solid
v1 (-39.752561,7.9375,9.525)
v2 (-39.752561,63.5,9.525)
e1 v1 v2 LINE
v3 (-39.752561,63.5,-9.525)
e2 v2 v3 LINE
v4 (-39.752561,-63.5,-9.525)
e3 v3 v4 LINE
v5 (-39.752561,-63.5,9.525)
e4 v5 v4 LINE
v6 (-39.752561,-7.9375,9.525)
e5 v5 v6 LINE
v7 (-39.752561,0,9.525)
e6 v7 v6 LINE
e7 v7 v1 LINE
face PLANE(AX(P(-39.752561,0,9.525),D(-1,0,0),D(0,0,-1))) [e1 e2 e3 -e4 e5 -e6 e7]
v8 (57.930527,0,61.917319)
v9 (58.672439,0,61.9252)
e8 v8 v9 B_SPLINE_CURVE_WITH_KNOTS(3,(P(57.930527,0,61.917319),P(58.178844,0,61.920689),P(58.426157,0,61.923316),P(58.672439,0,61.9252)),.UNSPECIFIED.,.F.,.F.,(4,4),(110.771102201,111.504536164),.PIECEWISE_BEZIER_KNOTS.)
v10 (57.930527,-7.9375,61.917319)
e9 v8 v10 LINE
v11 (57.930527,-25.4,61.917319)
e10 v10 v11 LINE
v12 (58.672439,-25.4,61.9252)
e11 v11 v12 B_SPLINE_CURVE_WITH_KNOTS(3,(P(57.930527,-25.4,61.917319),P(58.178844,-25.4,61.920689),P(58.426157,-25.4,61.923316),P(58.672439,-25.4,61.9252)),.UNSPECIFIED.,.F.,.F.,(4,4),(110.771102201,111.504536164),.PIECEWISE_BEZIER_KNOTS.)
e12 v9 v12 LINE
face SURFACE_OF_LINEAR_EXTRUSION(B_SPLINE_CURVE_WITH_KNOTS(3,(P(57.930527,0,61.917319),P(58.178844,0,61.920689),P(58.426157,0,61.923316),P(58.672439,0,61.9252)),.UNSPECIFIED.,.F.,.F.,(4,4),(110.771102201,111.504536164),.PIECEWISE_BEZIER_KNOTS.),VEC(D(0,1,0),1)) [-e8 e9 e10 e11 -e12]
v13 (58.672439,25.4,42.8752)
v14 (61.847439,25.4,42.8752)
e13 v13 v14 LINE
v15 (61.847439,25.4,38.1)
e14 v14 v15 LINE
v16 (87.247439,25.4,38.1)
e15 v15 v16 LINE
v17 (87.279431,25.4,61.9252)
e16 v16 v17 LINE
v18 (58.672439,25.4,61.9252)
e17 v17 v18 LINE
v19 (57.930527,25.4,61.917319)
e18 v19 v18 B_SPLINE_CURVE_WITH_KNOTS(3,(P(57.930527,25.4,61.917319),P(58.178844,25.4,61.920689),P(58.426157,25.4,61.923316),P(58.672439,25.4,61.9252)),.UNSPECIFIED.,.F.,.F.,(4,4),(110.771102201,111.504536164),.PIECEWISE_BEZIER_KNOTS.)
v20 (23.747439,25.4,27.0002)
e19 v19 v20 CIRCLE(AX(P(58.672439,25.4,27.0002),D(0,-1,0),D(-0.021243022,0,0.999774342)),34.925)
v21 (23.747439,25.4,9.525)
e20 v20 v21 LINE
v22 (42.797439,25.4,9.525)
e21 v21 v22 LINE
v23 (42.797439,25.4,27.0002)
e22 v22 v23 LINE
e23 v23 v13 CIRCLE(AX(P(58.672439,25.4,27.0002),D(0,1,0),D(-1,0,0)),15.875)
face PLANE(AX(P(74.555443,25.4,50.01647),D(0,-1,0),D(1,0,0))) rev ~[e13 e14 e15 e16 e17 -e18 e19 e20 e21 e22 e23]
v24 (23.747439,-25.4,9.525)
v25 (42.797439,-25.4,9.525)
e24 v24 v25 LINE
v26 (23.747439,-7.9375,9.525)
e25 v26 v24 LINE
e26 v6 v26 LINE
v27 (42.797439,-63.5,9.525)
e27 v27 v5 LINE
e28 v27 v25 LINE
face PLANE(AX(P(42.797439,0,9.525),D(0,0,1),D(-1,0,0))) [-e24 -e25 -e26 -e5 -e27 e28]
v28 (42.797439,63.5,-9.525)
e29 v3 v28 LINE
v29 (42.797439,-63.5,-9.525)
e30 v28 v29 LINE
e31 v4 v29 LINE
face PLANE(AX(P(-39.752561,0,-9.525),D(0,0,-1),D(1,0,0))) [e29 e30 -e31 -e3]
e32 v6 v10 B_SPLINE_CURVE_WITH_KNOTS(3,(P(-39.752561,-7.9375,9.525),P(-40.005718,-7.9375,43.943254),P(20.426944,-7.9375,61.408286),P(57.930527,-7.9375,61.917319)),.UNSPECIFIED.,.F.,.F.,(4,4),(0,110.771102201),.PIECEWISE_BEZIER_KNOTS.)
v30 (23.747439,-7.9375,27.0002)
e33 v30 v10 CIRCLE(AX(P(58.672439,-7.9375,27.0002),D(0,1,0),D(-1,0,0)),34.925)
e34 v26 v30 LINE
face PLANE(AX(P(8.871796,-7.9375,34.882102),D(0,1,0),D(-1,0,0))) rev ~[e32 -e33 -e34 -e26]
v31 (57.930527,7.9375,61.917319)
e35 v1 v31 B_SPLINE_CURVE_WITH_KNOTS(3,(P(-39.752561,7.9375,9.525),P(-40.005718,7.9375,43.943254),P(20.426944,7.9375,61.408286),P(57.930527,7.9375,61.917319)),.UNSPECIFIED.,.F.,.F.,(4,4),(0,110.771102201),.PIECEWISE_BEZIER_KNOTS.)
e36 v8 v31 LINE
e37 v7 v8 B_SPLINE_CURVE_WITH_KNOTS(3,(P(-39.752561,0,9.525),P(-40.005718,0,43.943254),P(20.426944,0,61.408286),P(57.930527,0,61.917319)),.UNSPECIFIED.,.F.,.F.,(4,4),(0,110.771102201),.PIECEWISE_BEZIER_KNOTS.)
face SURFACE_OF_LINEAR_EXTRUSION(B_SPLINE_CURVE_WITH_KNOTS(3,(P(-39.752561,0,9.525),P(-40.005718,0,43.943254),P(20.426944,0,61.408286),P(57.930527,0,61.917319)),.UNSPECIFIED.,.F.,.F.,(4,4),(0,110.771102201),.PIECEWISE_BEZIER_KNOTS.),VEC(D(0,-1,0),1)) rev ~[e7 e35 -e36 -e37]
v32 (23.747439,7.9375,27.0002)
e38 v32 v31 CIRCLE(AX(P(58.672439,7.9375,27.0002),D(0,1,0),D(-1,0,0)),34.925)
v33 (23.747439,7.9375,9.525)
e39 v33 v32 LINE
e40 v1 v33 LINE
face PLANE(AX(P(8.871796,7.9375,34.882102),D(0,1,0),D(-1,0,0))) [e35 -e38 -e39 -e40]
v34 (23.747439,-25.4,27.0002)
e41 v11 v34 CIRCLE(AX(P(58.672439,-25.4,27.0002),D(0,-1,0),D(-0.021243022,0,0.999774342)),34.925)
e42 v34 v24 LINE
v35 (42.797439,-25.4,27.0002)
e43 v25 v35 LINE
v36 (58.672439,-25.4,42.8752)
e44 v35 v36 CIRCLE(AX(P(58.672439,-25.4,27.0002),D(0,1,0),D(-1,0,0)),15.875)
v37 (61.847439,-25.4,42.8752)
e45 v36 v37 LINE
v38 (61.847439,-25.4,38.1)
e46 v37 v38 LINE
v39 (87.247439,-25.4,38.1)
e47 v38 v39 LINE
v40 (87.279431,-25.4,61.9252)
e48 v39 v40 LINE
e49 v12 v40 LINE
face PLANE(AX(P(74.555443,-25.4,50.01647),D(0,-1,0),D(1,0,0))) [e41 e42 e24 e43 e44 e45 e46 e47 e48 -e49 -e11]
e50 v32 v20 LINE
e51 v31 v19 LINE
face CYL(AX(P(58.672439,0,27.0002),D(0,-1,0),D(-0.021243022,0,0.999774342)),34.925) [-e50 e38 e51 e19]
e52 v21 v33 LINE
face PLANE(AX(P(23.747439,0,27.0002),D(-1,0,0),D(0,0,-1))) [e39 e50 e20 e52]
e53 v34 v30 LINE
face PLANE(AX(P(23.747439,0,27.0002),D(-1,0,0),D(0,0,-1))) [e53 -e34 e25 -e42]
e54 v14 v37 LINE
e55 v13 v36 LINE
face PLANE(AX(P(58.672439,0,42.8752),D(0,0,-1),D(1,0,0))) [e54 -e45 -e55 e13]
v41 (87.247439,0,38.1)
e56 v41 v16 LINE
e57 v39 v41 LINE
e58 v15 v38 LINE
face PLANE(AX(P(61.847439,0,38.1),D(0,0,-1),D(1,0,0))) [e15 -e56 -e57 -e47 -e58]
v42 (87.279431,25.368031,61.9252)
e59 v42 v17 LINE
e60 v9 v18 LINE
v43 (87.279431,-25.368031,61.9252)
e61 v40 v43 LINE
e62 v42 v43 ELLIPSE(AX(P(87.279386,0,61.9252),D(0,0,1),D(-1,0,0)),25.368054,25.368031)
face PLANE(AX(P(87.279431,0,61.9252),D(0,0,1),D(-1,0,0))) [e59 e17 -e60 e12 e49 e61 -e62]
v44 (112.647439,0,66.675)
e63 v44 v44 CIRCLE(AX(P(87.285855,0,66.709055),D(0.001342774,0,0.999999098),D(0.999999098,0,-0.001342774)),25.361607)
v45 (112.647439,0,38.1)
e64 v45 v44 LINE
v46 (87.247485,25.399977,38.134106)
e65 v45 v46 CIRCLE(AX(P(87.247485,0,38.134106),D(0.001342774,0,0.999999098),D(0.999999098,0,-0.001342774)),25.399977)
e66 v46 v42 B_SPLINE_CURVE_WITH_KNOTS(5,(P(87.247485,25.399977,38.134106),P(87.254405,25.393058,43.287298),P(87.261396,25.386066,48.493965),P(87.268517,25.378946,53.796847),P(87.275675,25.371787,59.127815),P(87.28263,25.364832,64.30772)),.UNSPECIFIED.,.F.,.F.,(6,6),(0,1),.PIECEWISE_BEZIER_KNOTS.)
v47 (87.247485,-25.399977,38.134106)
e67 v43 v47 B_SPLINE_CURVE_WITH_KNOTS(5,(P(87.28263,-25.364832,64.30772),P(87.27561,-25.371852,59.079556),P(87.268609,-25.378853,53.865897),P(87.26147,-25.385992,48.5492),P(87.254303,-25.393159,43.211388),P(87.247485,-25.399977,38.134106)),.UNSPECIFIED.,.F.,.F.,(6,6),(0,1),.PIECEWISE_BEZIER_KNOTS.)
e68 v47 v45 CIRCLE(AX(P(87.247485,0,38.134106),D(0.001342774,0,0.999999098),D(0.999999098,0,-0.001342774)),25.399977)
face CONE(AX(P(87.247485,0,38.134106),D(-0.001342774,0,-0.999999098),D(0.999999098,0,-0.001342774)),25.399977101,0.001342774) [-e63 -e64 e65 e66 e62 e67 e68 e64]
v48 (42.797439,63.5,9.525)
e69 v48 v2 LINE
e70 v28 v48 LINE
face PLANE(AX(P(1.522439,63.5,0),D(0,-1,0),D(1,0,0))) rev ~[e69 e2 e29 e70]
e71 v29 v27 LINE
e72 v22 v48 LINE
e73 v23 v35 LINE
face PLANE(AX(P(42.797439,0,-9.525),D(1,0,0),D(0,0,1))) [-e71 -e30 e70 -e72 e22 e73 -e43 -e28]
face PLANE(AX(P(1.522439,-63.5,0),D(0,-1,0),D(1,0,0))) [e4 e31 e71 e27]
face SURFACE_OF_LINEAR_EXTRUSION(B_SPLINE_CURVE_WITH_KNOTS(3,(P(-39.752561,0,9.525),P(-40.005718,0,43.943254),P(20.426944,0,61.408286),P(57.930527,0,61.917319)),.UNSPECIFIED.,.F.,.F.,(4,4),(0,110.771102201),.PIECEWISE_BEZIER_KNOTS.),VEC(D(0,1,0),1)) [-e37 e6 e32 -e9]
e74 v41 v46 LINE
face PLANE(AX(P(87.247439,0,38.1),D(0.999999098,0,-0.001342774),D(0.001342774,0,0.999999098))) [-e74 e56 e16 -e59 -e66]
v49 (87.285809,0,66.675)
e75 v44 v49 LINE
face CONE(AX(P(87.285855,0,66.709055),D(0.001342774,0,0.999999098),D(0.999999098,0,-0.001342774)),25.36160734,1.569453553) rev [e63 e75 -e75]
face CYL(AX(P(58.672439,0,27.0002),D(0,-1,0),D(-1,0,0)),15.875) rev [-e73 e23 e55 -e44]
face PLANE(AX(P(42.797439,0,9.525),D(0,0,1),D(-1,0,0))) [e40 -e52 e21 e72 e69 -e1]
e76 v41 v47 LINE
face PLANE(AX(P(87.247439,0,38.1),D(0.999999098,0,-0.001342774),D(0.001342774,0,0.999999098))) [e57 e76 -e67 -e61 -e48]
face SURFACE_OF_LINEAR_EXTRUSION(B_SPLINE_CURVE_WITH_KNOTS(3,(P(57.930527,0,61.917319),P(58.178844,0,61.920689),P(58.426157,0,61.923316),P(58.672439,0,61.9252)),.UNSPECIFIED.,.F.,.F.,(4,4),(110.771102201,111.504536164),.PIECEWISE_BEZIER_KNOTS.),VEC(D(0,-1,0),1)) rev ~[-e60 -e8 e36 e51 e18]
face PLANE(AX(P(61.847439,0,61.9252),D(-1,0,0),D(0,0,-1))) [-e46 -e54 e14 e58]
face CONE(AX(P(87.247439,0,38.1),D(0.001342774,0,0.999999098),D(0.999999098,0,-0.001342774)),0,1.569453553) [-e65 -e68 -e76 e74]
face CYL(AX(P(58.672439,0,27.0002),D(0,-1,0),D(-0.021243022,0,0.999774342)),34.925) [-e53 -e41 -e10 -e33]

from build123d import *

# Parameters (mm, degrees)
F1_DEPTH = 63.5
F2_DEPTH = 25.4
F3_DEPTH = 25.4
F4_DEPTH = 7.9375


with BuildPart() as f1:
    # F0 (on Front) → F1 (new body, symmetric)
    with BuildSketch(Plane.XZ):
        Polygon((23.747439423, 9.525), (-39.752560577, 9.525), (-39.752560577, -9.525), (42.797439423, -9.525), (42.797439423, 9.525), align=None)
    extrude(amount=F1_DEPTH, both=True)

    # F0 (on Front) → F2 (join, symmetric)
    with BuildSketch(Plane.XZ):
        with BuildLine():
            Line((23.747439423, 27.0002), (23.747439423, 9.525))
            Line((23.747439423, 9.525), (42.797439423, 9.525))
            Line((42.797439423, 9.525), (42.797439423, 27.0002))
            ThreePointArc((42.797439423, 27.0002), (47.4471192717, 38.2255201513), (58.672439423, 42.8752))
            Line((58.672439423, 42.8752), (61.847439423, 42.8752))
            Line((61.847439423, 42.8752), (61.847439423, 61.9252))
            Line((61.847439423, 61.9252), (58.672439423, 61.9252))
            add(Edge.make_bspline(
                [(57.9305268727, 61.9173188784), (58.1788443539, 61.9206892677), (58.4261566277, 61.9233163085), (58.672439423, 61.9252)],
                knots=[110.7711022014, 110.7711022014, 110.7711022014, 110.7711022014, 111.5045361635, 111.5045361635, 111.5045361635, 111.5045361635], degree=3))
            ThreePointArc((57.9305268727, 61.9173188784), (33.7158078312, 51.4321905982), (23.747439423, 27.0002))
        make_face()
    extrude(amount=F2_DEPTH, both=True)

    # F0 (on Front) → F3 (join, symmetric)
    with BuildSketch(Plane.XZ):
        Polygon((87.2794313061, 61.9252), (61.847439423, 61.9252), (61.847439423, 42.8752), (61.847439423, 38.1), (87.247439423, 38.1), align=None)
    extrude(amount=F3_DEPTH, both=True)

    # F0 (on Front) → F4 (join, symmetric)
    with BuildSketch(Plane.XZ):
        with BuildLine():
            add(Edge.make_bspline(
                [(-39.752560577, 9.525), (-40.0057176122, 43.9432543149), (20.4269443953, 61.4082863569), (57.9305268727, 61.9173188784)],
                knots=[0, 0, 0, 0, 110.7711022014, 110.7711022014, 110.7711022014, 110.7711022014], degree=3))
            Line((-39.752560577, 9.525), (23.747439423, 9.525))
            Line((23.747439423, 9.525), (23.747439423, 27.0002))
            ThreePointArc((23.747439423, 27.0002), (33.7158078312, 51.4321905982), (57.9305268727, 61.9173188784))
        make_face()
    extrude(amount=F4_DEPTH, both=True)

    # F0 (on Front) → F5 (revolve)
    with BuildSketch(Plane.XZ):
        Polygon((87.2858092189, 66.675), (87.2794313061, 61.9252), (87.247439423, 38.1), (112.647439423, 38.1), (112.647439423, 66.675), align=None)
    revolve(axis=Axis((87.2666243209, 0, 52.3875), (0.0013427738, 0, 0.9999990985)))


solid = f1.part
